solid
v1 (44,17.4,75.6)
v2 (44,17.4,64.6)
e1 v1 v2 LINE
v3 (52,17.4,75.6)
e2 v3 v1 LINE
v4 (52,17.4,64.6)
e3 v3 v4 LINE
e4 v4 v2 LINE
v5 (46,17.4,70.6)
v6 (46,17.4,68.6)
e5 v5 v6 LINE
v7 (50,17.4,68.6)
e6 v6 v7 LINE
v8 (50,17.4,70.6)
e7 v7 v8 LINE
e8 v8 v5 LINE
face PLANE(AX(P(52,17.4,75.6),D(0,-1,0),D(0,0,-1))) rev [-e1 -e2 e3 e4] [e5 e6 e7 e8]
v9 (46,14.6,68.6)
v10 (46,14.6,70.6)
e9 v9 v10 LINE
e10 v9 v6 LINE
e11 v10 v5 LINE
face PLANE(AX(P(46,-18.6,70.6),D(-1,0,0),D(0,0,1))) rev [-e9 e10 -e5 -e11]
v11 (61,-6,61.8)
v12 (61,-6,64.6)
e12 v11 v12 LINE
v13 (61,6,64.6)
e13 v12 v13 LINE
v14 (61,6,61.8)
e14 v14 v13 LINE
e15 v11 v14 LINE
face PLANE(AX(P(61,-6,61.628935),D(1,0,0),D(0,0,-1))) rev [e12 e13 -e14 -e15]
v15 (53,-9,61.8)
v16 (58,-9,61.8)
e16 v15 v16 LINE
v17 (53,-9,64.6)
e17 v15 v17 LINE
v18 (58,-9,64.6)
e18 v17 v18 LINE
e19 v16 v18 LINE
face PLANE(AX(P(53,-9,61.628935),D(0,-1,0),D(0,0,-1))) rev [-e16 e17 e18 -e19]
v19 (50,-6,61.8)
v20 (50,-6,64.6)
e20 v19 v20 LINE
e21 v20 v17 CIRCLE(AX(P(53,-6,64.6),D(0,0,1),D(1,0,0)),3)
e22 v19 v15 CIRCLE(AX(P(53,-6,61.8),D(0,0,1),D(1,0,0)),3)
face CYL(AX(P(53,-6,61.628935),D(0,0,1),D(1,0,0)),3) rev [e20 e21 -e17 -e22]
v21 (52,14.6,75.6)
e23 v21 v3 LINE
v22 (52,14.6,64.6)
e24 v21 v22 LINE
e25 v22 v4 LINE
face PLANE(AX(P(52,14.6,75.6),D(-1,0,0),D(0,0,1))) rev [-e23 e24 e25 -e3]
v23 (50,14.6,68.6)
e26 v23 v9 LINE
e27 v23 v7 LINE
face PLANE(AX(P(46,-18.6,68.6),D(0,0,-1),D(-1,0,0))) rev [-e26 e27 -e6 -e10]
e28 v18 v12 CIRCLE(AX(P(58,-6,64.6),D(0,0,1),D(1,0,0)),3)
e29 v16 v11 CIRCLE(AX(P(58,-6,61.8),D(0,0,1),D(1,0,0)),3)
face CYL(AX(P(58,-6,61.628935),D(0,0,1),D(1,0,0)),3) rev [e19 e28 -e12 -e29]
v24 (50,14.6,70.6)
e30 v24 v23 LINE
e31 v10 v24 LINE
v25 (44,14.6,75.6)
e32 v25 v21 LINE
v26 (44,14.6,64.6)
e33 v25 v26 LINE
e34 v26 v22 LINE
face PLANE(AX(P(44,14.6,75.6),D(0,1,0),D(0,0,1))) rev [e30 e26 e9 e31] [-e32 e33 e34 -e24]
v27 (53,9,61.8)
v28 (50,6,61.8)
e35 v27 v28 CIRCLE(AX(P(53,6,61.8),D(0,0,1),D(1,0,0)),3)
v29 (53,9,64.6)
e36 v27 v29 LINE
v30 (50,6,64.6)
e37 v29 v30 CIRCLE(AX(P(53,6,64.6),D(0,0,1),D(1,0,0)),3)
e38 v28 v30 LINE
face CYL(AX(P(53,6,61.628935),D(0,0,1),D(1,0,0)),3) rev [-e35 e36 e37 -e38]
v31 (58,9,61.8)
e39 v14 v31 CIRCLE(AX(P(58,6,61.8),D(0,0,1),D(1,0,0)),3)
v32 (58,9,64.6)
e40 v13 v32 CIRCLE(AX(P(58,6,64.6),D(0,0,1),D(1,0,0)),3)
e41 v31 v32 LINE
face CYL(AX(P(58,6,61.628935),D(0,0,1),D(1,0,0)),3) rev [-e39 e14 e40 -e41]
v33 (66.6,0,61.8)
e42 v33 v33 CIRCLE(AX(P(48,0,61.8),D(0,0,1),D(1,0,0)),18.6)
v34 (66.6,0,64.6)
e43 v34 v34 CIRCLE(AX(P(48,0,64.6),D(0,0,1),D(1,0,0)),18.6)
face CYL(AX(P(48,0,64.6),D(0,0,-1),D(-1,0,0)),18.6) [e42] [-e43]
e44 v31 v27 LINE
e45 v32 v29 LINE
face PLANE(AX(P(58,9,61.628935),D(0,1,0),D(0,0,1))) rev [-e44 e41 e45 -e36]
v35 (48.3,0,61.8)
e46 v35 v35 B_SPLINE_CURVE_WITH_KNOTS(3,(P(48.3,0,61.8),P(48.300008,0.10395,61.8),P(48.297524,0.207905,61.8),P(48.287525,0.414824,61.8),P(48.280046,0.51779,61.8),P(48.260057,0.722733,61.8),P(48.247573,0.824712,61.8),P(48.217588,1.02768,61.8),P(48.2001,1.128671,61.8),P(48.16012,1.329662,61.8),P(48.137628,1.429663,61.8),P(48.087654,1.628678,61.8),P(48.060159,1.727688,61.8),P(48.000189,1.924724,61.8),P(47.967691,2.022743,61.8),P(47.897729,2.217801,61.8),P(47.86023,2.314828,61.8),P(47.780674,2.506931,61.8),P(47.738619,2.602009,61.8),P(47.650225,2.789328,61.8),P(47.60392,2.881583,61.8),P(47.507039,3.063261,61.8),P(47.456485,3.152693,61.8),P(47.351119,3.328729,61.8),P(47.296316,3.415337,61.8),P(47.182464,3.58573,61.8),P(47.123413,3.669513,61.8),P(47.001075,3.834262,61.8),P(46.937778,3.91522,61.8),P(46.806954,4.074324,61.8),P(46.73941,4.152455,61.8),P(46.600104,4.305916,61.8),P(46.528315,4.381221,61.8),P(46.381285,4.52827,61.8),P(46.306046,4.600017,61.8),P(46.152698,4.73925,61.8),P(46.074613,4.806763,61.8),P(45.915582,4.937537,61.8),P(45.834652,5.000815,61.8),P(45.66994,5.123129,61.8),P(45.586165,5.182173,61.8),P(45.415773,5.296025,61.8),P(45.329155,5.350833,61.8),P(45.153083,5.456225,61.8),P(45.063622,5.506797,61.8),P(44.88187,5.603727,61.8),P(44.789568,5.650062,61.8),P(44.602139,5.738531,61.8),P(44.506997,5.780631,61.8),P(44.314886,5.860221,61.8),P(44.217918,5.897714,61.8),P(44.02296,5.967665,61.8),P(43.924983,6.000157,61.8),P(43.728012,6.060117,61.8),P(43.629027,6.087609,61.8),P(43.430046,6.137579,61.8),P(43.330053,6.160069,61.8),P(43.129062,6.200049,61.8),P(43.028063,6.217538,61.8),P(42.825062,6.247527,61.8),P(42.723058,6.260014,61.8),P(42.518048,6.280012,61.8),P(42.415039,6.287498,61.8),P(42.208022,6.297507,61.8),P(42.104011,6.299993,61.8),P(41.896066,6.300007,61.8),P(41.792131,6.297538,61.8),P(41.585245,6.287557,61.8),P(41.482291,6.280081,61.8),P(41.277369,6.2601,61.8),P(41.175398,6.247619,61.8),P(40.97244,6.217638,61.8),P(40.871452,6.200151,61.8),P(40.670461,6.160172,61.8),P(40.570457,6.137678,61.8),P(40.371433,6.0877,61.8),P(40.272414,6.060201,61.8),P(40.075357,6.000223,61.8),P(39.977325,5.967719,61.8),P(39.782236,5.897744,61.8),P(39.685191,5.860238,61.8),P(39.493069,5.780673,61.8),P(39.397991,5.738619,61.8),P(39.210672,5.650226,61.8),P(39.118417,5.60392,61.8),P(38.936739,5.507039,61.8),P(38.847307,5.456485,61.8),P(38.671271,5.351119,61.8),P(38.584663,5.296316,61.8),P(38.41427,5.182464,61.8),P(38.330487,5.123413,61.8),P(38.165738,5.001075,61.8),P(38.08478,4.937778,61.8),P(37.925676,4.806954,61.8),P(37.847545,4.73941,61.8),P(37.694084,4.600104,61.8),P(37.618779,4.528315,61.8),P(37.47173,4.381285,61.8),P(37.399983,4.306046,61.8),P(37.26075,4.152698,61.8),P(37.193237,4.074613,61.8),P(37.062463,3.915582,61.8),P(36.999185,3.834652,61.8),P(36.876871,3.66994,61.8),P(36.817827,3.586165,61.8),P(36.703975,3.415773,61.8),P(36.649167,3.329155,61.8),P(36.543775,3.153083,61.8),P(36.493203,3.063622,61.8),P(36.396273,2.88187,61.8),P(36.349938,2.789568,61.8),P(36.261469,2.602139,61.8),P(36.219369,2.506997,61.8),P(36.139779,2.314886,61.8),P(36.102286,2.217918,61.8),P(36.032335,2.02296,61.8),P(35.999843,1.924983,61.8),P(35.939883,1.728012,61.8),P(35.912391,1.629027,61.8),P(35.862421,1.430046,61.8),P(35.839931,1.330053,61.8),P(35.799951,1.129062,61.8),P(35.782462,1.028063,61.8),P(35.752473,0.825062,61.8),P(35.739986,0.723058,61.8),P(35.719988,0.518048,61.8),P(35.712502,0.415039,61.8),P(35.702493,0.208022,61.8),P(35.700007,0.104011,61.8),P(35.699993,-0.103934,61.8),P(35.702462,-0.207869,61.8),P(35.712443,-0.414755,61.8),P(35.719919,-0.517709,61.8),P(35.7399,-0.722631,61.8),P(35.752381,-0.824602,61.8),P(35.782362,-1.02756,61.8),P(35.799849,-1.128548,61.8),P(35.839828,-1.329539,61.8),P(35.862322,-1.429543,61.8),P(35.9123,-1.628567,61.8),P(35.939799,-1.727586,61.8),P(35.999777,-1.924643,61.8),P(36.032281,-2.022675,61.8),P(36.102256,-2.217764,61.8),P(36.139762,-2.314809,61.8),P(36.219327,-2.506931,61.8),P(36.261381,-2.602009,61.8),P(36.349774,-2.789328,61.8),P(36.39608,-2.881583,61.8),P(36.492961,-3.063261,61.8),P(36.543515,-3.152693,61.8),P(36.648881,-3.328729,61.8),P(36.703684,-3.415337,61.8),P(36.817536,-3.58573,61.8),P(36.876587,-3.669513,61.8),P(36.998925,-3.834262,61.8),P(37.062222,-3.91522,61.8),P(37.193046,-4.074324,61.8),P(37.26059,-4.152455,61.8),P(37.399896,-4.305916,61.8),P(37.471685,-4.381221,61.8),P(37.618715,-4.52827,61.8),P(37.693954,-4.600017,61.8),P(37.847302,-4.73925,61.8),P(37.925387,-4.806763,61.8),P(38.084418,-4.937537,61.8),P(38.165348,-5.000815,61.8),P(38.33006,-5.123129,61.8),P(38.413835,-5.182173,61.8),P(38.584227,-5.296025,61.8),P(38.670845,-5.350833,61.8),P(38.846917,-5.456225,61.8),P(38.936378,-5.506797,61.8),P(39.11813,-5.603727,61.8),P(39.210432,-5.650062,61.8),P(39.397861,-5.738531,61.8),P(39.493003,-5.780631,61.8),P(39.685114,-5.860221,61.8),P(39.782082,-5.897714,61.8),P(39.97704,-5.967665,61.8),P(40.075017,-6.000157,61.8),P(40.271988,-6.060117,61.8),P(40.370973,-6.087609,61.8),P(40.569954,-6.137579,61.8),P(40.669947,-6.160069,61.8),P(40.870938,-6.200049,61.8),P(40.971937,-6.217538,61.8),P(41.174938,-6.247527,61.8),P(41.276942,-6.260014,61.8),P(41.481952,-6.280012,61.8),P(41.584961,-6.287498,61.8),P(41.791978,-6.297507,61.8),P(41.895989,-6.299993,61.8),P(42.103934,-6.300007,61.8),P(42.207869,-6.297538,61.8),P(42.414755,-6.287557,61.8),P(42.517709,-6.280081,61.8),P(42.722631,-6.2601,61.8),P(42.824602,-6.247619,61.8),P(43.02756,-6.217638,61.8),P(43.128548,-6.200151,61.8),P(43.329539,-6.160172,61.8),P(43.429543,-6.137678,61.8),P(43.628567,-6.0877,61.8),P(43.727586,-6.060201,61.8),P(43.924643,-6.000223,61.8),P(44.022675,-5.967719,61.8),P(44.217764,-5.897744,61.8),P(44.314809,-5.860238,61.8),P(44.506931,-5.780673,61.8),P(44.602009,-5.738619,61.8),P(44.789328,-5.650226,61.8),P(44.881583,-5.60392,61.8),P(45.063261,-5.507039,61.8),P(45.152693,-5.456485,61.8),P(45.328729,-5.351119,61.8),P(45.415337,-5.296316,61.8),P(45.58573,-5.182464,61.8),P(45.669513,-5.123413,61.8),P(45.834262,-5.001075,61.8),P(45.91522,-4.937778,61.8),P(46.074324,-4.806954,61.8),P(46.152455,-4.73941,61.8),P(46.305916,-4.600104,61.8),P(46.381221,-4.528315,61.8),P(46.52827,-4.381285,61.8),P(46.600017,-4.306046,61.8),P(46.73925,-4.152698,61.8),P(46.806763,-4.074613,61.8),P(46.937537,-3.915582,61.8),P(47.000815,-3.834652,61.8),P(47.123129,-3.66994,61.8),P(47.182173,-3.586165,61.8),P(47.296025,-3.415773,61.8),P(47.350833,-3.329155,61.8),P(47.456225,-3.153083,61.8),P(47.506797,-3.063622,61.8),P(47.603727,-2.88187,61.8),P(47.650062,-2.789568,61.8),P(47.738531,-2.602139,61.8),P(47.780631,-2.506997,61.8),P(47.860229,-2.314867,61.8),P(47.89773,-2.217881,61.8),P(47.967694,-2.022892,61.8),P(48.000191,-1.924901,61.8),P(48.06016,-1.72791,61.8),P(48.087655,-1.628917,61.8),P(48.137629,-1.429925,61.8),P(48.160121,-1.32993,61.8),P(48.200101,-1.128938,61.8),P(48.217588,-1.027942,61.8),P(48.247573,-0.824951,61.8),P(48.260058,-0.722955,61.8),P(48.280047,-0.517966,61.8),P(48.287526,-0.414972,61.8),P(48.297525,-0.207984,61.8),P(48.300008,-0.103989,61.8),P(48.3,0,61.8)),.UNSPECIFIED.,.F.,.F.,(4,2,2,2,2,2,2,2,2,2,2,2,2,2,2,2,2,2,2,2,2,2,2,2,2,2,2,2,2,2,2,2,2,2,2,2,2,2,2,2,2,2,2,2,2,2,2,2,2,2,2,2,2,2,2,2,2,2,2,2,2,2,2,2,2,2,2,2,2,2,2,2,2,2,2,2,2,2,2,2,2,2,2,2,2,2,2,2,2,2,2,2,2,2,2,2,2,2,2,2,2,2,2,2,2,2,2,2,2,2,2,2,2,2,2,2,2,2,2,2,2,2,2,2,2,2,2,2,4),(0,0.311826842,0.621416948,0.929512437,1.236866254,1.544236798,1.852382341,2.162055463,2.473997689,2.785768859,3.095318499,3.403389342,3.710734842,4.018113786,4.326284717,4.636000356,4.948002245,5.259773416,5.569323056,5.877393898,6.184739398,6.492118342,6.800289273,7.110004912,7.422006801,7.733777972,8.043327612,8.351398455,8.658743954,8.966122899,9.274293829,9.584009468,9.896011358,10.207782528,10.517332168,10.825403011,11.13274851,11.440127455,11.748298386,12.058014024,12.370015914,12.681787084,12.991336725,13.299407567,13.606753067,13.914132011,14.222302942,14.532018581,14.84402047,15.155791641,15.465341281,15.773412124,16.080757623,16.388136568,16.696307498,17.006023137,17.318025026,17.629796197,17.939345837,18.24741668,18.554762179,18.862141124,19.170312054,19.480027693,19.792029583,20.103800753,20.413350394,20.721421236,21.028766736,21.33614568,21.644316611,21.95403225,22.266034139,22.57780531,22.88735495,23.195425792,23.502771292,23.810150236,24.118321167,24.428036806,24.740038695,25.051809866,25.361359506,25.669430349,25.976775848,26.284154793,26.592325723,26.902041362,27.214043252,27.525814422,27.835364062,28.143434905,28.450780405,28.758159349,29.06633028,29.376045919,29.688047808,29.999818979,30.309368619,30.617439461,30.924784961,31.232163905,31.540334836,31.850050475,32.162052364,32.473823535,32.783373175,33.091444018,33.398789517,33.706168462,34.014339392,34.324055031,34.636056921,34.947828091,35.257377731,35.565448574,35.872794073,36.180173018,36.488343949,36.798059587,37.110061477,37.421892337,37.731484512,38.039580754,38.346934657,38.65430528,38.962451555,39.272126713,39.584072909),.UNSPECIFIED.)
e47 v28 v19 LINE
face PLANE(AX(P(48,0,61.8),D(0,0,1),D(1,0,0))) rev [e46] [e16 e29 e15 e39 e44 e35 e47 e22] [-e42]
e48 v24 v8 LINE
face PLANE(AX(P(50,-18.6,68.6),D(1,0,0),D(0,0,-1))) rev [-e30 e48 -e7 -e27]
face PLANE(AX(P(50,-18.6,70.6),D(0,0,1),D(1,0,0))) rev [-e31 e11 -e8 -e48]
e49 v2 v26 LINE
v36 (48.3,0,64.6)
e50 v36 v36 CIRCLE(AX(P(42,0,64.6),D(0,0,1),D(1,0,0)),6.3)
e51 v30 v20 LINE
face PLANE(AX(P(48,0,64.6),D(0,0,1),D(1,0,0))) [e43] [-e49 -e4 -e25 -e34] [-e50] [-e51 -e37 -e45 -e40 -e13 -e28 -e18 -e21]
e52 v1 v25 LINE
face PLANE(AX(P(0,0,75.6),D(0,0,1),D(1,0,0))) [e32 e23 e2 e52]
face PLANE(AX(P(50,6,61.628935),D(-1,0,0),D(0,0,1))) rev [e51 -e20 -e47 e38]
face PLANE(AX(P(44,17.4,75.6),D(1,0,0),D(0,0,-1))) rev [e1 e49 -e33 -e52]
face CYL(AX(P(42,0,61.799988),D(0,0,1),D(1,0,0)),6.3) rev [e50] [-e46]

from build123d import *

# Parameters (mm, degrees)
SKETCH1_R                        = 18.6
CAP_DISC_DEPTH                   = 2.8
SKETCH2_W                        = 8
SKETCH2_H                        = 2.8
STRAIN_RELIEF_TAB_DEPTH          = 11
PH_ELECTRODE_BORE_DEPTH          = 71.512126617
PH_ELECTRODE_BORE_DEPTH_BACK     = 71.512126617
SKETCH3_R                        = 6.3
CABLE_AND_HOSE_WINDOW_DEPTH      = 71.512126617
CABLE_AND_HOSE_WINDOW_DEPTH_BACK = 71.512126617
ZIP_TIE_SLOT_DEPTH               = 106.59109811
ZIP_TIE_SLOT_DEPTH_BACK          = 106.59109811
SKETCH5_W                        = 4
SKETCH5_H                        = 2


with BuildPart() as part:
    # Sketch1 → Cap_disc (new body)
    with BuildSketch(Plane.XY.offset(61.8)):
        with Locations((48, 0)):
            Circle(SKETCH1_R)
    extrude(amount=CAP_DISC_DEPTH)

    # Sketch2 → Strain_relief_tab (add)
    with BuildSketch(Plane.XY.offset(64.6)):
        with Locations((48, 16)):
            Rectangle(SKETCH2_W, SKETCH2_H)
    extrude(amount=STRAIN_RELIEF_TAB_DEPTH)

    # Sketch3 → pH_electrode_bore (cut, two sides: drawn at the far end of the back side and taken through both)
    with BuildSketch(Plane.XY.offset(61.8).offset(-PH_ELECTRODE_BORE_DEPTH_BACK)):
        with Locations((42, 0)):
            Circle(SKETCH3_R)
    extrude(amount=PH_ELECTRODE_BORE_DEPTH + PH_ELECTRODE_BORE_DEPTH_BACK, mode=Mode.SUBTRACT)

    # Sketch4 → Cable_and_hose_window (cut, two sides: drawn at the far end of the back side and taken through both)
    with BuildSketch(Plane.XY.offset(61.8).offset(-CABLE_AND_HOSE_WINDOW_DEPTH_BACK)):
        with BuildLine():
            Line((53, -9), (58, -9))
            ThreePointArc((58, -9), (60.121320344, -8.121320344), (61, -6))
            Line((61, -6), (61, 6))
            ThreePointArc((61, 6), (60.121320344, 8.121320344), (58, 9))
            Line((58, 9), (53, 9))
            ThreePointArc((53, 9), (50.878679656, 8.121320344), (50, 6))
            Line((50, 6), (50, -6))
            ThreePointArc((50, -6), (50.878679656, -8.121320344), (53, -9))
        make_face()
    extrude(amount=CABLE_AND_HOSE_WINDOW_DEPTH + CABLE_AND_HOSE_WINDOW_DEPTH_BACK, mode=Mode.SUBTRACT)

    # Sketch5 → Zip_tie_slot (cut, two sides: drawn at the far end of the back side and taken through both)
    with BuildSketch(Plane(origin=(0, 13, 0), x_dir=(1, 0, 0), z_dir=(0, 1, 0)).offset(-ZIP_TIE_SLOT_DEPTH_BACK)):
        with Locations((48, -69.6)):
            Rectangle(SKETCH5_W, SKETCH5_H)
    extrude(amount=ZIP_TIE_SLOT_DEPTH + ZIP_TIE_SLOT_DEPTH_BACK, mode=Mode.SUBTRACT)


solid = part.part
